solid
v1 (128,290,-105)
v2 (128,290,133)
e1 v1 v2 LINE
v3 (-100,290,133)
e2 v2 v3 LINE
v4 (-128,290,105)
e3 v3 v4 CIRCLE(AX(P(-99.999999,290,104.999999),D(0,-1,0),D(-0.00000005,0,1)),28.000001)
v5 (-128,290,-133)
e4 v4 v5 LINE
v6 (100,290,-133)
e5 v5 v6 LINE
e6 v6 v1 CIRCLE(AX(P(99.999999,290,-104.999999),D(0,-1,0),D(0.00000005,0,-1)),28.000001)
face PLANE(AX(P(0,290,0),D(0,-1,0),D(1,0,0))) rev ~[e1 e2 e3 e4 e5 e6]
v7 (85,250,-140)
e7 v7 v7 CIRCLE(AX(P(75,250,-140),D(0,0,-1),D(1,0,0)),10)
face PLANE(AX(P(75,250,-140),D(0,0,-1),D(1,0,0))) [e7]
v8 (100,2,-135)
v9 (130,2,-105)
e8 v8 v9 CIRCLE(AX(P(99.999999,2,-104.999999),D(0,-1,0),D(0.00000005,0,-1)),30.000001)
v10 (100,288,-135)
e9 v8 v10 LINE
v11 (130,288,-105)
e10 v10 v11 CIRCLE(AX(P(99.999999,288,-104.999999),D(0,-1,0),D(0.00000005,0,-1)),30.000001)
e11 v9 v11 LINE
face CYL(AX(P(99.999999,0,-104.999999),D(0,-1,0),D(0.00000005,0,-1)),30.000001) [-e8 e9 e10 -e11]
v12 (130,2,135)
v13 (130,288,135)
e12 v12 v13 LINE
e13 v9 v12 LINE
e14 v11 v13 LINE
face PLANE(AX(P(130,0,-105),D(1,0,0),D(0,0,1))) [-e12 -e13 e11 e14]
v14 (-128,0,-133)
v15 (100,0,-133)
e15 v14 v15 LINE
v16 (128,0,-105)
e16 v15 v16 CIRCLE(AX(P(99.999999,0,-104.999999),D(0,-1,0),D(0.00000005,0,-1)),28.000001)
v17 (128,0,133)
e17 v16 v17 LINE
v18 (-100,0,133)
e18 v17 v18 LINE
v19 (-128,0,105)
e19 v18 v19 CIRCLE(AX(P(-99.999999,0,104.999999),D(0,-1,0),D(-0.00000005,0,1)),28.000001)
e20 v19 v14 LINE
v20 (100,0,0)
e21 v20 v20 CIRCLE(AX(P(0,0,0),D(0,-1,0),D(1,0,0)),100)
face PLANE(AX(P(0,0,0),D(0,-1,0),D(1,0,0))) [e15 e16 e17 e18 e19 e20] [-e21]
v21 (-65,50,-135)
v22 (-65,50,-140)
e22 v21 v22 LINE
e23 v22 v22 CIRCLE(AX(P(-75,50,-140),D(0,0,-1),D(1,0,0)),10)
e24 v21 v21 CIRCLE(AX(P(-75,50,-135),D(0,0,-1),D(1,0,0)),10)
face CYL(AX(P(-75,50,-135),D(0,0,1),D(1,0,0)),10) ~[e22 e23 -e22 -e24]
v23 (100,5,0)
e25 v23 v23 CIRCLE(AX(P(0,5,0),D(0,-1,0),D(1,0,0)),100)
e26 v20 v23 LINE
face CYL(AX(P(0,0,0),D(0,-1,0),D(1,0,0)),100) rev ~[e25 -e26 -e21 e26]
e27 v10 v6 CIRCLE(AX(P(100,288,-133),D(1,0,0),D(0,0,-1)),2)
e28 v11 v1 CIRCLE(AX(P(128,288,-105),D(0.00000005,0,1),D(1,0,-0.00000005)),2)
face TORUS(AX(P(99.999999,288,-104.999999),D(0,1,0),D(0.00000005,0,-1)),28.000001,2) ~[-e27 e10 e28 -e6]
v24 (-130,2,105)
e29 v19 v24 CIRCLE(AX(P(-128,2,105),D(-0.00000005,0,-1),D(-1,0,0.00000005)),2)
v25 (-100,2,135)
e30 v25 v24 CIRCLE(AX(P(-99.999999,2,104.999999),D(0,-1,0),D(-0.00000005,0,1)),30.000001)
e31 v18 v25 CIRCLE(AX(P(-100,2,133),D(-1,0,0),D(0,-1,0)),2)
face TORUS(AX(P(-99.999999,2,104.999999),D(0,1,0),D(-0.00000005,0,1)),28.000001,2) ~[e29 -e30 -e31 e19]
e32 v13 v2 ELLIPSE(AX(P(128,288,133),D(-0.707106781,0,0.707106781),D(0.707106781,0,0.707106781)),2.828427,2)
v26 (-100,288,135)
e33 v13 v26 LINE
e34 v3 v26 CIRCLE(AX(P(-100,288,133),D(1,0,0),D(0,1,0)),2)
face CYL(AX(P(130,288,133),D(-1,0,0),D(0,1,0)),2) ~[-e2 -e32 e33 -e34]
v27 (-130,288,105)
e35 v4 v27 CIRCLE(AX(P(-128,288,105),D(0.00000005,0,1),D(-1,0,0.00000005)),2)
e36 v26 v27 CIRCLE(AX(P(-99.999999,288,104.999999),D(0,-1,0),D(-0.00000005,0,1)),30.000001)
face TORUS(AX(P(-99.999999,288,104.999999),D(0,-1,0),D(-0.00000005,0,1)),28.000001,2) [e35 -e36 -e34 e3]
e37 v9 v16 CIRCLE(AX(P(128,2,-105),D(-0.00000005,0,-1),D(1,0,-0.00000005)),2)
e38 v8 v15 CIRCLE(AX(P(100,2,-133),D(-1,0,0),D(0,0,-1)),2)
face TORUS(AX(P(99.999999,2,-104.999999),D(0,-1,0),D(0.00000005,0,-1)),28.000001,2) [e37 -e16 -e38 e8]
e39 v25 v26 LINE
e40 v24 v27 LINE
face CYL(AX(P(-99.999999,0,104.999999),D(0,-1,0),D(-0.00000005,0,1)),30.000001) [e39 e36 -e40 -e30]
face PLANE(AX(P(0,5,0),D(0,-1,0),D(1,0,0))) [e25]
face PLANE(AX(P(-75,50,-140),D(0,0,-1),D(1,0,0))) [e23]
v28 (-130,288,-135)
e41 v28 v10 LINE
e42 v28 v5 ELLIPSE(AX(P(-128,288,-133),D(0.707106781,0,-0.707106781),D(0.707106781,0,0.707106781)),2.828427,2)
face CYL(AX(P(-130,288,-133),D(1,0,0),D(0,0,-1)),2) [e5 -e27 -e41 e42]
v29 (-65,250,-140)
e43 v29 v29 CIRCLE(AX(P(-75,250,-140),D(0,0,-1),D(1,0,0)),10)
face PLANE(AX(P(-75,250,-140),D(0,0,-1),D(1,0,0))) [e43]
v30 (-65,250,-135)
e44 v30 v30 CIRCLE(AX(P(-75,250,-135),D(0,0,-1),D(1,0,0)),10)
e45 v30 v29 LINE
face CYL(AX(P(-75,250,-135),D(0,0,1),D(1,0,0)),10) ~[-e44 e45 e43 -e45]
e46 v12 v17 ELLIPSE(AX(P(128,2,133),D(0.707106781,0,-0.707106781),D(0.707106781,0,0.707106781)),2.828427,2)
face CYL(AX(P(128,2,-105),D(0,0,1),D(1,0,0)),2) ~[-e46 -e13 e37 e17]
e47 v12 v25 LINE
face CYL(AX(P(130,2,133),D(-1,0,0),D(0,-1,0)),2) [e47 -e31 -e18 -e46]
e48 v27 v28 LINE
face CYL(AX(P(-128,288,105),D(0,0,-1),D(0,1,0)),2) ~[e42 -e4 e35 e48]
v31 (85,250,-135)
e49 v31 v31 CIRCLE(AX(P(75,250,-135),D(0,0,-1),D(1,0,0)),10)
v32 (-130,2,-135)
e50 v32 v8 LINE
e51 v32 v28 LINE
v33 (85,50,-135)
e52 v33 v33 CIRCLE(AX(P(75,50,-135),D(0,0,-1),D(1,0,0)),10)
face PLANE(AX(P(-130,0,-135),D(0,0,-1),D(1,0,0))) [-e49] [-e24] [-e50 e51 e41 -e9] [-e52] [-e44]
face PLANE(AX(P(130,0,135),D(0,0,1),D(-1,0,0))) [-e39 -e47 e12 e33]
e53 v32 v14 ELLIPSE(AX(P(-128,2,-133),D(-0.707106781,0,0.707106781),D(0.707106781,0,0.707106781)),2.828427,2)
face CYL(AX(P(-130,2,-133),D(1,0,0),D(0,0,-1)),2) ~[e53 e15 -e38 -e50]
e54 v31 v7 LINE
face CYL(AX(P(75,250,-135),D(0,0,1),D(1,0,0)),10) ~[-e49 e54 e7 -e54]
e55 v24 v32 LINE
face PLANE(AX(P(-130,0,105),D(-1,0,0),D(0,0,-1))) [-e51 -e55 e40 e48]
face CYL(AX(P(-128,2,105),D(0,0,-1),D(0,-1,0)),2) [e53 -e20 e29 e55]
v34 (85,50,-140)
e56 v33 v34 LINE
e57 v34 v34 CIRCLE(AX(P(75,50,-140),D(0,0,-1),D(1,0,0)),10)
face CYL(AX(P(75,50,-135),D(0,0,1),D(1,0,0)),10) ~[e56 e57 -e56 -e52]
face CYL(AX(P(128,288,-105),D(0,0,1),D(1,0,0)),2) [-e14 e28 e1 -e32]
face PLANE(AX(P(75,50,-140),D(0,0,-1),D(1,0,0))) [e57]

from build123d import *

# Parameters (mm, degrees)
F1_DEPTH = 290
F2_R     = 10
F3_DEPTH = 5
F4_R     = 2
F5_R     = 100
F6_DEPTH = 5


with BuildPart() as f1:
    # F0 (on Front) → F1 (new body)
    with BuildSketch(Plane.XZ):
        with BuildLine():
            Line((-130, -135), (100, -135))
            ThreePointArc((100, -135), (121.213203, -126.213203), (130, -105))
            Line((130, -105), (130, 135))
            Line((130, 135), (-100, 135))
            ThreePointArc((-100, 135), (-121.213203, 126.213203), (-130, 105))
            Line((-130, 105), (-130, -135))
        make_face()
    extrude(amount=-F1_DEPTH)

    # F2 (on face) → F3 (join)
    with BuildSketch(Plane(origin=(0, 0, -135), x_dir=(1, 0, 0), z_dir=(0, 0, -1))):
        with Locations((-75, -50)):
            Circle(F2_R)
        with Locations((75, -50)):
            Circle(F2_R)
        with Locations((75, -250)):
            Circle(F2_R)
        with Locations((-75, -250)):
            Circle(F2_R)
    extrude(amount=F3_DEPTH)

    # F4
    f4_edges = [f1.edges().sort_by_distance(p)[0] for p in [
        (-15, 0, -135),
        (121.213203, 0, -126.213203),
        (130, 0, 15),
        (15, 0, 135),
        (-121.213203, 0, 126.213203),
        (-130, 0, -15),
        (-15, 290, -135),
        (121.213203, 290, -126.213203),
        (130, 290, 15),
        (15, 290, 135),
        (-121.213203, 290, 126.213203),
        (-130, 290, -15),
    ]]
    fillet(f4_edges, radius=F4_R)

    # F5 (on face) → F6 (cut)
    with BuildSketch(Plane.XZ):
        Circle(F5_R)
    extrude(amount=-F6_DEPTH, mode=Mode.SUBTRACT)


solid = f1.part
